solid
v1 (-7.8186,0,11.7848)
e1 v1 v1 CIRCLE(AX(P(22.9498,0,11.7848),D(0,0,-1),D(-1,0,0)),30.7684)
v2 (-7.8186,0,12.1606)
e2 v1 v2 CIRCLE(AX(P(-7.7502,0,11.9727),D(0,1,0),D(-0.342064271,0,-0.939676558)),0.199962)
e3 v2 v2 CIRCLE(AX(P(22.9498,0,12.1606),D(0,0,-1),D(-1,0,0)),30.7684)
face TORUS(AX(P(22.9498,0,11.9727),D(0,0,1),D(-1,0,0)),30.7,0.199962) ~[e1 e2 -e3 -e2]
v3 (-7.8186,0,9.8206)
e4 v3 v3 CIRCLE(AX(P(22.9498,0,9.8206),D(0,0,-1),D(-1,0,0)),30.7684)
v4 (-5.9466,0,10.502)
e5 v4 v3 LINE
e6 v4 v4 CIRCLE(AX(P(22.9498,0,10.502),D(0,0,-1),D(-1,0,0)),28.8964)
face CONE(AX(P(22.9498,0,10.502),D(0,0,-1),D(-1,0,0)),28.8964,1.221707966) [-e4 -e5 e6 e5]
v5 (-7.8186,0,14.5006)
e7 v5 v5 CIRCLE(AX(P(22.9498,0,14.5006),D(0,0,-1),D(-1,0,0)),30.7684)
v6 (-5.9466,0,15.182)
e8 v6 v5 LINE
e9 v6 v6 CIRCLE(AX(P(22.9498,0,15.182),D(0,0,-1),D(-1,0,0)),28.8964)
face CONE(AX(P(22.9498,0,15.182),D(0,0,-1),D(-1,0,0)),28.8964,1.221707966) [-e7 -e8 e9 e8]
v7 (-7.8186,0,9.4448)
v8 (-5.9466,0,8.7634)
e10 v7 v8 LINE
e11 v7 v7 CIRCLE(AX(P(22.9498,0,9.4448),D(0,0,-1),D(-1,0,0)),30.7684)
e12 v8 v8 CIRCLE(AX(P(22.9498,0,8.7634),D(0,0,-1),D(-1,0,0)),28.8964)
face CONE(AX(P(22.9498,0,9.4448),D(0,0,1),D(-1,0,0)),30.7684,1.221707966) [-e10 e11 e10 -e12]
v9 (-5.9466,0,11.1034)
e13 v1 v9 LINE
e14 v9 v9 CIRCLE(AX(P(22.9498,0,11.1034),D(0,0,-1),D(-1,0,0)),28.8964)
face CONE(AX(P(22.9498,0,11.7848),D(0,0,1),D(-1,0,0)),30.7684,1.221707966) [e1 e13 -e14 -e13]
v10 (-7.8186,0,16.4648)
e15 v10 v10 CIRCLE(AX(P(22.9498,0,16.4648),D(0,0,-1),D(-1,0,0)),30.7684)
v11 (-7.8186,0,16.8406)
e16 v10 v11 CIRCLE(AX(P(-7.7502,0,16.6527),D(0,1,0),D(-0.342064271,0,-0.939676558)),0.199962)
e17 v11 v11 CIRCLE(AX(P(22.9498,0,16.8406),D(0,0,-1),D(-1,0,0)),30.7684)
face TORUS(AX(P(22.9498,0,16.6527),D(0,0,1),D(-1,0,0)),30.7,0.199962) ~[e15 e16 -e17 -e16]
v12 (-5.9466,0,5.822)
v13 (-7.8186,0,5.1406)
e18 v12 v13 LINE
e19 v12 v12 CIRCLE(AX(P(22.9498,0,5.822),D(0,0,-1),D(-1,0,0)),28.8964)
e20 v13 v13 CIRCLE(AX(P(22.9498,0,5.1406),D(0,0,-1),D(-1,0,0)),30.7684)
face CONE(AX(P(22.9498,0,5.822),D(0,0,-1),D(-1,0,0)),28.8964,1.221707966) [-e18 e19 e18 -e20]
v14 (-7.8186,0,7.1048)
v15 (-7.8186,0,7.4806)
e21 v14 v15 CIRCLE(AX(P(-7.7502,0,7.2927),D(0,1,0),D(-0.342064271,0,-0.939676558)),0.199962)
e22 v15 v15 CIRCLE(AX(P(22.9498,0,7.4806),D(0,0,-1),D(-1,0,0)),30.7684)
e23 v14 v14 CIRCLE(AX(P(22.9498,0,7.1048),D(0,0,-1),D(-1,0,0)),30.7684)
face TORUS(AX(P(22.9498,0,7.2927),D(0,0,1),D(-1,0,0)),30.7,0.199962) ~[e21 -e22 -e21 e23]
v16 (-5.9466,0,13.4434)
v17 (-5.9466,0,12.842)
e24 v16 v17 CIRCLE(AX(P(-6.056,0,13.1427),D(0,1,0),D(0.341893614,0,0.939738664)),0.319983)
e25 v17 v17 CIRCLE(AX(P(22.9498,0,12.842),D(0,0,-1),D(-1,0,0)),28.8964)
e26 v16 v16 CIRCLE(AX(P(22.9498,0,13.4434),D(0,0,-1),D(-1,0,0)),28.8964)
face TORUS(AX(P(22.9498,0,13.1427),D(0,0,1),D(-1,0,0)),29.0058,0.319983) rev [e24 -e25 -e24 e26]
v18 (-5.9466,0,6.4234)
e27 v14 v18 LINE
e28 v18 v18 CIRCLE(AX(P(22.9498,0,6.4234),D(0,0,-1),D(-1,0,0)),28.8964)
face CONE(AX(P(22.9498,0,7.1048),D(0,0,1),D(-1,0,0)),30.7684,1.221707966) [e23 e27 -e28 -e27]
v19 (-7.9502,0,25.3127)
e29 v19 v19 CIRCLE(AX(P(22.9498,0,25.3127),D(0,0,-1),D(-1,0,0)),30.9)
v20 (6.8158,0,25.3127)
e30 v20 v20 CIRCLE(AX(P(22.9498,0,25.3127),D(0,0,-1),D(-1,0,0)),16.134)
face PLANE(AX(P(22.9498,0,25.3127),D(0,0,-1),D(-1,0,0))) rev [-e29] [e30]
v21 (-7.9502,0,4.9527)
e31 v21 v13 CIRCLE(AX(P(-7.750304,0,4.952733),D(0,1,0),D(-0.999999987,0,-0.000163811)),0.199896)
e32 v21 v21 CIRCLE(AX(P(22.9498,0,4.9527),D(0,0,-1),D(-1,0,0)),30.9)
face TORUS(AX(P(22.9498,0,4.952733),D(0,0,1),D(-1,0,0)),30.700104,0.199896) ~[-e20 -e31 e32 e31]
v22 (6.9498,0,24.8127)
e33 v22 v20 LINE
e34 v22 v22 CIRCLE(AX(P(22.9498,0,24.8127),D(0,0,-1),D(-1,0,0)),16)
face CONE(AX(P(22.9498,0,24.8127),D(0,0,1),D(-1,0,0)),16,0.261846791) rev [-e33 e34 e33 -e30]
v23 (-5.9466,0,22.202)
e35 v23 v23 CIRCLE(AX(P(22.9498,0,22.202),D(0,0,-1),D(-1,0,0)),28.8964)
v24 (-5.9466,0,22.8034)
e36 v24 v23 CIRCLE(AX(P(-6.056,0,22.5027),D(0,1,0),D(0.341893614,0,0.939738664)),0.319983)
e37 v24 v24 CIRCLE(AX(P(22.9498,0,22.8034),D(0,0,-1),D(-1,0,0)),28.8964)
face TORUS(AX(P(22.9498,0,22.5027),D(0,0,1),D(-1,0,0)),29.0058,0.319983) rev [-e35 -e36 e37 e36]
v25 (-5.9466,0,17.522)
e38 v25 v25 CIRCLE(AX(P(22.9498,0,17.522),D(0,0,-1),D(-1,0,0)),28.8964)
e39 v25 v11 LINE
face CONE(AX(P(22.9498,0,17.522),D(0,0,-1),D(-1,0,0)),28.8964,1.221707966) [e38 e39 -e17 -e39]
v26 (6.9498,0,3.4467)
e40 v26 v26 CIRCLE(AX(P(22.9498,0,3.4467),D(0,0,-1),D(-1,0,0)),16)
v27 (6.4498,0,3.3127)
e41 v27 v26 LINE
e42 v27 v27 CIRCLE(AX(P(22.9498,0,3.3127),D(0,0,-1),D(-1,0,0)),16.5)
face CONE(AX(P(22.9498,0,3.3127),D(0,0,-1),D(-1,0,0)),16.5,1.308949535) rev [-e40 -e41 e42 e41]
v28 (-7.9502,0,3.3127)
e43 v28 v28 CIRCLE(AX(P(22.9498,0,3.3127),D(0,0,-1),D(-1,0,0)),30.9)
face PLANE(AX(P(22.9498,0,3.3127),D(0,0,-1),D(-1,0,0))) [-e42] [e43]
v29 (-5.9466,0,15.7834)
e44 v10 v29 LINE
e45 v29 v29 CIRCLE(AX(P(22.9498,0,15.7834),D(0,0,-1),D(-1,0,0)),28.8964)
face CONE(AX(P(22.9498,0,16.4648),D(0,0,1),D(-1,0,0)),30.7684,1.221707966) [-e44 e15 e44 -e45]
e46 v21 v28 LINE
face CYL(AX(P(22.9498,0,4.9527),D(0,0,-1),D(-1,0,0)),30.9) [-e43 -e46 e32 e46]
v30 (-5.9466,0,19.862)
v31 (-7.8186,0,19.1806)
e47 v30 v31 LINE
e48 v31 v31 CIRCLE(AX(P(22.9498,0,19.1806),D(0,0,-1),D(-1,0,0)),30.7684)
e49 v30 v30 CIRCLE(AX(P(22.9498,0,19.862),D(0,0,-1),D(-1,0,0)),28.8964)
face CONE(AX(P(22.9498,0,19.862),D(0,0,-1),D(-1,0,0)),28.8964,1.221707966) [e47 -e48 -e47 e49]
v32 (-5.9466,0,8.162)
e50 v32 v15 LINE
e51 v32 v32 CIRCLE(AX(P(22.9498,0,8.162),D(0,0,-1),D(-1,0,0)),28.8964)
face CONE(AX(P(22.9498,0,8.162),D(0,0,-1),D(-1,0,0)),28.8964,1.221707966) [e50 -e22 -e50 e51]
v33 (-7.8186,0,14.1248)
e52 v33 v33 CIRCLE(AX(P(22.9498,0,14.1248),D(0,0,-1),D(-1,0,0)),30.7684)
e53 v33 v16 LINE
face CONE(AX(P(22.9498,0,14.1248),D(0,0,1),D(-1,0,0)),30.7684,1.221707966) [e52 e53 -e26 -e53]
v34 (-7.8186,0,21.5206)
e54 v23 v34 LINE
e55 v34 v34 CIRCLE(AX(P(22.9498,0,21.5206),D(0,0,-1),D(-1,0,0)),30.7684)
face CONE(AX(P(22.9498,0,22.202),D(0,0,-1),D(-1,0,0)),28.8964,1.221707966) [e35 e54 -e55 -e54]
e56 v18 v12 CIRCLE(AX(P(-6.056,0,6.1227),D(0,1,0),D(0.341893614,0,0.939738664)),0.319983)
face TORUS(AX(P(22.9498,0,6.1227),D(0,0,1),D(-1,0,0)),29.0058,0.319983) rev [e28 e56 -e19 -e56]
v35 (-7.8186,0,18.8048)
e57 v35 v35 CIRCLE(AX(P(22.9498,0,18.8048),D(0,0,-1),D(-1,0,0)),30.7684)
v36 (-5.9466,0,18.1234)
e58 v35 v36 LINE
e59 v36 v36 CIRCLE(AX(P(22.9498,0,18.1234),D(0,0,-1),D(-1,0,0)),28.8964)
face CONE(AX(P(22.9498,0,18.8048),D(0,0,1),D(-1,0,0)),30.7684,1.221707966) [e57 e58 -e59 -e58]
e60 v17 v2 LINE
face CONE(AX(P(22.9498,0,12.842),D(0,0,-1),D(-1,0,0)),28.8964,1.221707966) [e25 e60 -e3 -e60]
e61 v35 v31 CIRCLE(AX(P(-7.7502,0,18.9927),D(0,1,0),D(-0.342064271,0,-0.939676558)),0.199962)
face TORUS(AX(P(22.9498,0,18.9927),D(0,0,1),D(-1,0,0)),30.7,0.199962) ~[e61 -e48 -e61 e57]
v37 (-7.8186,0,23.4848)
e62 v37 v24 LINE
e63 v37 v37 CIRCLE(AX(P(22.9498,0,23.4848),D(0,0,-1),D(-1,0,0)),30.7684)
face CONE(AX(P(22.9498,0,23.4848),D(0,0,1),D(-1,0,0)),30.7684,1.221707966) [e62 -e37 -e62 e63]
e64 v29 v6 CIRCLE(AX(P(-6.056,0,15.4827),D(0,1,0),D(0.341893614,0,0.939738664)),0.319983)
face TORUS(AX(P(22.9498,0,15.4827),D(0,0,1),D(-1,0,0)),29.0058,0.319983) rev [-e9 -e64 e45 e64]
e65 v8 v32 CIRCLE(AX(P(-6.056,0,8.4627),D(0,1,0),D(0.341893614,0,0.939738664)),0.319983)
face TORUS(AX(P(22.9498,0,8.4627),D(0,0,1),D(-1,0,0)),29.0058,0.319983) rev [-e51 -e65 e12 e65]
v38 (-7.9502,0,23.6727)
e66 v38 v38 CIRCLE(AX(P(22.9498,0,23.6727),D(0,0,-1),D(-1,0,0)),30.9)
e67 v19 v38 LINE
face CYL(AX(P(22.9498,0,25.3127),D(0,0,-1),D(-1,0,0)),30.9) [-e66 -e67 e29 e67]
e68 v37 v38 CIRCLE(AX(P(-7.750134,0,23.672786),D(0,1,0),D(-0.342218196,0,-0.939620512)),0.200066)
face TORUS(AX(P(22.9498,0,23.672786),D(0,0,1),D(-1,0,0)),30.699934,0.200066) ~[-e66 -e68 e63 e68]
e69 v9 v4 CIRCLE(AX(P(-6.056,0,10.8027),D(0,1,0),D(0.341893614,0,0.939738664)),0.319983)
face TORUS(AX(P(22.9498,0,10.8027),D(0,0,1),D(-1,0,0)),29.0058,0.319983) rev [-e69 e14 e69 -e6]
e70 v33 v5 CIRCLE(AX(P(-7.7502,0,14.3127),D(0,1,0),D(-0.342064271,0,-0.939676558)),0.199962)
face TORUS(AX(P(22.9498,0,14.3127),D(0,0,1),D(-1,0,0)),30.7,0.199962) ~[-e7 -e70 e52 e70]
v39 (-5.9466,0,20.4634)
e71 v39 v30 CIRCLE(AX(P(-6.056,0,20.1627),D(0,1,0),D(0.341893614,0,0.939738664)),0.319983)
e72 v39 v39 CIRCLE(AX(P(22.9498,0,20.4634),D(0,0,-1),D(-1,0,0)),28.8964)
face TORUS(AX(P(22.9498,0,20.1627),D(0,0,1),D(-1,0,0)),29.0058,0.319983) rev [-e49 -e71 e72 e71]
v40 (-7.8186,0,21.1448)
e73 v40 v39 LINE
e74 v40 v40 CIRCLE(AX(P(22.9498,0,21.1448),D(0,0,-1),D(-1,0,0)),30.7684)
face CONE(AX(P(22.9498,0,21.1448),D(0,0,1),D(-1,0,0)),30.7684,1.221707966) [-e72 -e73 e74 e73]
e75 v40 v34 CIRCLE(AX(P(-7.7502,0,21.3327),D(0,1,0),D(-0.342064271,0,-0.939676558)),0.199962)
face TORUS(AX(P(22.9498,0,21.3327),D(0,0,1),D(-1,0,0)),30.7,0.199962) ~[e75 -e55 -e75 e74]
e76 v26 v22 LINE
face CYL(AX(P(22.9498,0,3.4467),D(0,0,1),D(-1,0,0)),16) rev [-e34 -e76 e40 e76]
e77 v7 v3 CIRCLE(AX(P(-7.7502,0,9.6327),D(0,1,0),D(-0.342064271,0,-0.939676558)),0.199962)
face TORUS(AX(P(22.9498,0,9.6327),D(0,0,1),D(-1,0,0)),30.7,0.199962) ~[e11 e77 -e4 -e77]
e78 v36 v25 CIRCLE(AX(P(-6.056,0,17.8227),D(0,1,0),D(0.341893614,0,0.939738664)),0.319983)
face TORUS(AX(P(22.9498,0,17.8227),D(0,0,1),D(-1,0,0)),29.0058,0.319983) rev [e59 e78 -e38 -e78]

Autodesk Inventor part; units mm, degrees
ref_plane "YZ Plane" through (0, 0, 0) normal (1, 0, 0) x (0, 1, 0)
ref_plane "XZ Plane" through (0, 0, 0) normal (0, 1, 0) x (-1, 0, 0)
ref_plane "XY Plane" through (0, 0, 0) normal (0, 0, 1) x (1, 0, 0)
sketch "Sketch1" plane through (0, 0, 0) normal (0, 1, 0) x (-1, 0, 0)
  line L0 (-6.9498, 24.8127) -> (-6.8158, 25.3127)
  line L1 (-6.9498, 3.4467) -> (-6.9498, 24.8127)
  line L2 (-6.4498, 3.3127) -> (-6.9498, 3.4467)
  line L3 (5.9466, 22.8034) -> (5.9466, 22.202)
  arc A0 (5.9466, 8.7634) -> (5.9466, 8.162) centre (6.056, 8.4627) ccw
  arc A1 (5.9466, 11.1034) -> (5.9466, 10.502) centre (6.056, 10.8027) ccw
  arc A2 (5.9466, 13.4434) -> (5.9466, 12.842) centre (6.056, 13.1427) ccw
  arc A3 (5.9466, 15.7834) -> (5.9466, 15.182) centre (6.056, 15.4827) ccw
  arc A4 (5.9466, 18.1234) -> (5.9466, 17.522) centre (6.056, 17.8227) ccw
  arc A5 (5.9466, 20.4634) -> (5.9466, 19.862) centre (6.056, 20.1627) ccw
  line L4 (-6.8158, 25.3127) -> (7.9502, 25.3127)
  line L5 (5.9466, 22.202) -> (7.8186, 21.5206)
  arc A6 (7.8186, 21.1448) -> (7.8186, 21.5206) centre (7.7502, 21.3327) ccw
  line L6 (7.8186, 21.1448) -> (5.9466, 20.4634)
  line L7 (5.9466, 19.862) -> (7.8186, 19.1806)
  arc A7 (7.8186, 18.8048) -> (7.8186, 19.1806) centre (7.7502, 18.9927) ccw
  line L8 (7.8186, 18.8048) -> (5.9466, 18.1234)
  line L9 (5.9466, 17.522) -> (7.8186, 16.8406)
  arc A8 (7.8186, 16.4648) -> (7.8186, 16.8406) centre (7.7502, 16.6527) ccw
  line L10 (7.8186, 16.4648) -> (5.9466, 15.7834)
  line L11 (7.9502, 3.3127) -> (-6.4498, 3.3127)
  line L12 (5.9466, 15.182) -> (7.8186, 14.5006)
  line L13 (7.9502, 4.9527) -> (7.9502, 3.3127)
  line L14 (5.9466, 5.822) -> (7.8186, 5.1406)
  line L15 (7.8186, 9.4448) -> (5.9466, 8.7634)
  line L16 (7.8186, 7.1048) -> (5.9466, 6.4234)
  line L17 (5.9466, 8.162) -> (7.8186, 7.4806)
  arc A9 (7.8186, 7.1048) -> (7.8186, 7.4806) centre (7.7502, 7.2927) ccw
  arc A10 (7.9502, 4.9527) -> (7.8186, 5.1406) centre (7.7502, 4.9527) ccw
  arc A11 (5.9466, 22.8034) -> (5.9466, 22.202) centre (6.056, 22.5027) ccw
  line L18 (7.8186, 23.4848) -> (5.9466, 22.8034)
  line L19 (7.9502, 25.3127) -> (7.9502, 23.6727)
  arc A12 (7.8186, 23.4848) -> (7.9502, 23.6727) centre (7.7502, 23.6727) ccw
  arc A13 (5.9466, 6.4234) -> (5.9466, 5.822) centre (6.056, 6.1227) ccw
  line L20 (5.9466, 10.502) -> (7.8186, 9.8206)
  arc A14 (7.8186, 9.4448) -> (7.8186, 9.8206) centre (7.7502, 9.6327) ccw
  line L21 (7.8186, 14.1248) -> (5.9466, 13.4434)
  arc A15 (7.8186, 14.1248) -> (7.8186, 14.5006) centre (7.7502, 14.3127) ccw
  line L22 (7.8186, 11.7848) -> (5.9466, 11.1034)
  arc A16 (7.8186, 11.7848) -> (7.8186, 12.1606) centre (7.7502, 11.9727) ccw
  line L23 (5.9466, 12.842) -> (7.8186, 12.1606)
  line L24 (-6.9498, 14.1297) -> (-22.9498, 14.1297) construction
  line L25 (-22.9498, 26.3581) -> (-22.9498, -3.8355) construction
  point P0 (0, 0)
  point P1 (7.9502, 24.4927)
  point P2 (5.9466, 22.5027)
  dimension "d2" = 16
  dimension "d4" = 22
  dimension "d5" = 14.9
  dimension "d6" = 40
  dimension "d7" = 14.4
  dimension "d8" = 105
  dimension "d9" = 13.0058
  dimension "d10" = 2.34
  dimension "d11" = 2.81
  dimension "d12" = 16.38
  dimension "d13" = 0.5
  dimension "d14" = 0.134
  dimension "d15" = 90
  dimension "d16" = 105
  dimension "d17" = 0.5
  dimension "d18" = 90
  dimension "d19" = 14.7
  dimension "d20" = 13.0058
  dimension "d21" = 13.0058
  dimension "d22" = 13.0058
  dimension "d23" = 1.64
  dimension "d24" = 20
  dimension "d25" = 0.32
  dimension "d26" = 0.2
  dimension "d27" = 0.32
  dimension "d28" = 0.2
  dimension "d29" = 0.32
  dimension "d30" = 0.2
  dimension "d31" = 0.32
  dimension "d32" = 0.2
  dimension "d33" = 0.32
  dimension "d34" = 0.2
  dimension "d35" = 0.32
  dimension "d36" = 0.2
  dimension "d37" = 0.32
  dimension "d38" = 0.2
  dimension "d39" = 0.2
  dimension "d40" = 1.64
  dimension "d41" = 40
  dimension "d42" = 0.32
  dimension "d43" = 1.64
  dimension "d44" = 0.2
  dimension "d45" = 40
  dimension "d46" = 40
  dimension "d47" = 40
  dimension "d48" = 40
  dimension "d49" = 40
  dimension "d50" = 40
  dimension "d51" = 14.7
  dimension "d52" = 2.34
  dimension "d53" = 2.34
  dimension "d54" = 2.34
  dimension "d55" = 2.34
  dimension "d56" = 2.34
  dimension "d57" = 2.34
  dimension "d58" = 2.81
  dimension "d59" = 1.872
  dimension "d60" = 1.872
  dimension "d61" = 1.872
  dimension "d62" = 0.6814
  dimension "d63" = 1.872
  dimension "d64" = 2.34
  dimension "d65" = 1.872
  dimension "d66" = 1.872
revolve "Revolution1" add sketch "Sketch1" angle 360 about axis through (22.9498, 0, 26.3581) along (0, 0, -1) contours L0 L4 L19 A12 L18 A11 L5 A6 L6 A5 L7 A7 L8 A4 L9 A8 L10 A3 L12 A15 L21 A2 L23 A16 L22 A1 L20 A14 L15 A0 L17 A9 L16 A13 L14 A10 L13 L11 L2 L1
properties part number "29-10-202"
